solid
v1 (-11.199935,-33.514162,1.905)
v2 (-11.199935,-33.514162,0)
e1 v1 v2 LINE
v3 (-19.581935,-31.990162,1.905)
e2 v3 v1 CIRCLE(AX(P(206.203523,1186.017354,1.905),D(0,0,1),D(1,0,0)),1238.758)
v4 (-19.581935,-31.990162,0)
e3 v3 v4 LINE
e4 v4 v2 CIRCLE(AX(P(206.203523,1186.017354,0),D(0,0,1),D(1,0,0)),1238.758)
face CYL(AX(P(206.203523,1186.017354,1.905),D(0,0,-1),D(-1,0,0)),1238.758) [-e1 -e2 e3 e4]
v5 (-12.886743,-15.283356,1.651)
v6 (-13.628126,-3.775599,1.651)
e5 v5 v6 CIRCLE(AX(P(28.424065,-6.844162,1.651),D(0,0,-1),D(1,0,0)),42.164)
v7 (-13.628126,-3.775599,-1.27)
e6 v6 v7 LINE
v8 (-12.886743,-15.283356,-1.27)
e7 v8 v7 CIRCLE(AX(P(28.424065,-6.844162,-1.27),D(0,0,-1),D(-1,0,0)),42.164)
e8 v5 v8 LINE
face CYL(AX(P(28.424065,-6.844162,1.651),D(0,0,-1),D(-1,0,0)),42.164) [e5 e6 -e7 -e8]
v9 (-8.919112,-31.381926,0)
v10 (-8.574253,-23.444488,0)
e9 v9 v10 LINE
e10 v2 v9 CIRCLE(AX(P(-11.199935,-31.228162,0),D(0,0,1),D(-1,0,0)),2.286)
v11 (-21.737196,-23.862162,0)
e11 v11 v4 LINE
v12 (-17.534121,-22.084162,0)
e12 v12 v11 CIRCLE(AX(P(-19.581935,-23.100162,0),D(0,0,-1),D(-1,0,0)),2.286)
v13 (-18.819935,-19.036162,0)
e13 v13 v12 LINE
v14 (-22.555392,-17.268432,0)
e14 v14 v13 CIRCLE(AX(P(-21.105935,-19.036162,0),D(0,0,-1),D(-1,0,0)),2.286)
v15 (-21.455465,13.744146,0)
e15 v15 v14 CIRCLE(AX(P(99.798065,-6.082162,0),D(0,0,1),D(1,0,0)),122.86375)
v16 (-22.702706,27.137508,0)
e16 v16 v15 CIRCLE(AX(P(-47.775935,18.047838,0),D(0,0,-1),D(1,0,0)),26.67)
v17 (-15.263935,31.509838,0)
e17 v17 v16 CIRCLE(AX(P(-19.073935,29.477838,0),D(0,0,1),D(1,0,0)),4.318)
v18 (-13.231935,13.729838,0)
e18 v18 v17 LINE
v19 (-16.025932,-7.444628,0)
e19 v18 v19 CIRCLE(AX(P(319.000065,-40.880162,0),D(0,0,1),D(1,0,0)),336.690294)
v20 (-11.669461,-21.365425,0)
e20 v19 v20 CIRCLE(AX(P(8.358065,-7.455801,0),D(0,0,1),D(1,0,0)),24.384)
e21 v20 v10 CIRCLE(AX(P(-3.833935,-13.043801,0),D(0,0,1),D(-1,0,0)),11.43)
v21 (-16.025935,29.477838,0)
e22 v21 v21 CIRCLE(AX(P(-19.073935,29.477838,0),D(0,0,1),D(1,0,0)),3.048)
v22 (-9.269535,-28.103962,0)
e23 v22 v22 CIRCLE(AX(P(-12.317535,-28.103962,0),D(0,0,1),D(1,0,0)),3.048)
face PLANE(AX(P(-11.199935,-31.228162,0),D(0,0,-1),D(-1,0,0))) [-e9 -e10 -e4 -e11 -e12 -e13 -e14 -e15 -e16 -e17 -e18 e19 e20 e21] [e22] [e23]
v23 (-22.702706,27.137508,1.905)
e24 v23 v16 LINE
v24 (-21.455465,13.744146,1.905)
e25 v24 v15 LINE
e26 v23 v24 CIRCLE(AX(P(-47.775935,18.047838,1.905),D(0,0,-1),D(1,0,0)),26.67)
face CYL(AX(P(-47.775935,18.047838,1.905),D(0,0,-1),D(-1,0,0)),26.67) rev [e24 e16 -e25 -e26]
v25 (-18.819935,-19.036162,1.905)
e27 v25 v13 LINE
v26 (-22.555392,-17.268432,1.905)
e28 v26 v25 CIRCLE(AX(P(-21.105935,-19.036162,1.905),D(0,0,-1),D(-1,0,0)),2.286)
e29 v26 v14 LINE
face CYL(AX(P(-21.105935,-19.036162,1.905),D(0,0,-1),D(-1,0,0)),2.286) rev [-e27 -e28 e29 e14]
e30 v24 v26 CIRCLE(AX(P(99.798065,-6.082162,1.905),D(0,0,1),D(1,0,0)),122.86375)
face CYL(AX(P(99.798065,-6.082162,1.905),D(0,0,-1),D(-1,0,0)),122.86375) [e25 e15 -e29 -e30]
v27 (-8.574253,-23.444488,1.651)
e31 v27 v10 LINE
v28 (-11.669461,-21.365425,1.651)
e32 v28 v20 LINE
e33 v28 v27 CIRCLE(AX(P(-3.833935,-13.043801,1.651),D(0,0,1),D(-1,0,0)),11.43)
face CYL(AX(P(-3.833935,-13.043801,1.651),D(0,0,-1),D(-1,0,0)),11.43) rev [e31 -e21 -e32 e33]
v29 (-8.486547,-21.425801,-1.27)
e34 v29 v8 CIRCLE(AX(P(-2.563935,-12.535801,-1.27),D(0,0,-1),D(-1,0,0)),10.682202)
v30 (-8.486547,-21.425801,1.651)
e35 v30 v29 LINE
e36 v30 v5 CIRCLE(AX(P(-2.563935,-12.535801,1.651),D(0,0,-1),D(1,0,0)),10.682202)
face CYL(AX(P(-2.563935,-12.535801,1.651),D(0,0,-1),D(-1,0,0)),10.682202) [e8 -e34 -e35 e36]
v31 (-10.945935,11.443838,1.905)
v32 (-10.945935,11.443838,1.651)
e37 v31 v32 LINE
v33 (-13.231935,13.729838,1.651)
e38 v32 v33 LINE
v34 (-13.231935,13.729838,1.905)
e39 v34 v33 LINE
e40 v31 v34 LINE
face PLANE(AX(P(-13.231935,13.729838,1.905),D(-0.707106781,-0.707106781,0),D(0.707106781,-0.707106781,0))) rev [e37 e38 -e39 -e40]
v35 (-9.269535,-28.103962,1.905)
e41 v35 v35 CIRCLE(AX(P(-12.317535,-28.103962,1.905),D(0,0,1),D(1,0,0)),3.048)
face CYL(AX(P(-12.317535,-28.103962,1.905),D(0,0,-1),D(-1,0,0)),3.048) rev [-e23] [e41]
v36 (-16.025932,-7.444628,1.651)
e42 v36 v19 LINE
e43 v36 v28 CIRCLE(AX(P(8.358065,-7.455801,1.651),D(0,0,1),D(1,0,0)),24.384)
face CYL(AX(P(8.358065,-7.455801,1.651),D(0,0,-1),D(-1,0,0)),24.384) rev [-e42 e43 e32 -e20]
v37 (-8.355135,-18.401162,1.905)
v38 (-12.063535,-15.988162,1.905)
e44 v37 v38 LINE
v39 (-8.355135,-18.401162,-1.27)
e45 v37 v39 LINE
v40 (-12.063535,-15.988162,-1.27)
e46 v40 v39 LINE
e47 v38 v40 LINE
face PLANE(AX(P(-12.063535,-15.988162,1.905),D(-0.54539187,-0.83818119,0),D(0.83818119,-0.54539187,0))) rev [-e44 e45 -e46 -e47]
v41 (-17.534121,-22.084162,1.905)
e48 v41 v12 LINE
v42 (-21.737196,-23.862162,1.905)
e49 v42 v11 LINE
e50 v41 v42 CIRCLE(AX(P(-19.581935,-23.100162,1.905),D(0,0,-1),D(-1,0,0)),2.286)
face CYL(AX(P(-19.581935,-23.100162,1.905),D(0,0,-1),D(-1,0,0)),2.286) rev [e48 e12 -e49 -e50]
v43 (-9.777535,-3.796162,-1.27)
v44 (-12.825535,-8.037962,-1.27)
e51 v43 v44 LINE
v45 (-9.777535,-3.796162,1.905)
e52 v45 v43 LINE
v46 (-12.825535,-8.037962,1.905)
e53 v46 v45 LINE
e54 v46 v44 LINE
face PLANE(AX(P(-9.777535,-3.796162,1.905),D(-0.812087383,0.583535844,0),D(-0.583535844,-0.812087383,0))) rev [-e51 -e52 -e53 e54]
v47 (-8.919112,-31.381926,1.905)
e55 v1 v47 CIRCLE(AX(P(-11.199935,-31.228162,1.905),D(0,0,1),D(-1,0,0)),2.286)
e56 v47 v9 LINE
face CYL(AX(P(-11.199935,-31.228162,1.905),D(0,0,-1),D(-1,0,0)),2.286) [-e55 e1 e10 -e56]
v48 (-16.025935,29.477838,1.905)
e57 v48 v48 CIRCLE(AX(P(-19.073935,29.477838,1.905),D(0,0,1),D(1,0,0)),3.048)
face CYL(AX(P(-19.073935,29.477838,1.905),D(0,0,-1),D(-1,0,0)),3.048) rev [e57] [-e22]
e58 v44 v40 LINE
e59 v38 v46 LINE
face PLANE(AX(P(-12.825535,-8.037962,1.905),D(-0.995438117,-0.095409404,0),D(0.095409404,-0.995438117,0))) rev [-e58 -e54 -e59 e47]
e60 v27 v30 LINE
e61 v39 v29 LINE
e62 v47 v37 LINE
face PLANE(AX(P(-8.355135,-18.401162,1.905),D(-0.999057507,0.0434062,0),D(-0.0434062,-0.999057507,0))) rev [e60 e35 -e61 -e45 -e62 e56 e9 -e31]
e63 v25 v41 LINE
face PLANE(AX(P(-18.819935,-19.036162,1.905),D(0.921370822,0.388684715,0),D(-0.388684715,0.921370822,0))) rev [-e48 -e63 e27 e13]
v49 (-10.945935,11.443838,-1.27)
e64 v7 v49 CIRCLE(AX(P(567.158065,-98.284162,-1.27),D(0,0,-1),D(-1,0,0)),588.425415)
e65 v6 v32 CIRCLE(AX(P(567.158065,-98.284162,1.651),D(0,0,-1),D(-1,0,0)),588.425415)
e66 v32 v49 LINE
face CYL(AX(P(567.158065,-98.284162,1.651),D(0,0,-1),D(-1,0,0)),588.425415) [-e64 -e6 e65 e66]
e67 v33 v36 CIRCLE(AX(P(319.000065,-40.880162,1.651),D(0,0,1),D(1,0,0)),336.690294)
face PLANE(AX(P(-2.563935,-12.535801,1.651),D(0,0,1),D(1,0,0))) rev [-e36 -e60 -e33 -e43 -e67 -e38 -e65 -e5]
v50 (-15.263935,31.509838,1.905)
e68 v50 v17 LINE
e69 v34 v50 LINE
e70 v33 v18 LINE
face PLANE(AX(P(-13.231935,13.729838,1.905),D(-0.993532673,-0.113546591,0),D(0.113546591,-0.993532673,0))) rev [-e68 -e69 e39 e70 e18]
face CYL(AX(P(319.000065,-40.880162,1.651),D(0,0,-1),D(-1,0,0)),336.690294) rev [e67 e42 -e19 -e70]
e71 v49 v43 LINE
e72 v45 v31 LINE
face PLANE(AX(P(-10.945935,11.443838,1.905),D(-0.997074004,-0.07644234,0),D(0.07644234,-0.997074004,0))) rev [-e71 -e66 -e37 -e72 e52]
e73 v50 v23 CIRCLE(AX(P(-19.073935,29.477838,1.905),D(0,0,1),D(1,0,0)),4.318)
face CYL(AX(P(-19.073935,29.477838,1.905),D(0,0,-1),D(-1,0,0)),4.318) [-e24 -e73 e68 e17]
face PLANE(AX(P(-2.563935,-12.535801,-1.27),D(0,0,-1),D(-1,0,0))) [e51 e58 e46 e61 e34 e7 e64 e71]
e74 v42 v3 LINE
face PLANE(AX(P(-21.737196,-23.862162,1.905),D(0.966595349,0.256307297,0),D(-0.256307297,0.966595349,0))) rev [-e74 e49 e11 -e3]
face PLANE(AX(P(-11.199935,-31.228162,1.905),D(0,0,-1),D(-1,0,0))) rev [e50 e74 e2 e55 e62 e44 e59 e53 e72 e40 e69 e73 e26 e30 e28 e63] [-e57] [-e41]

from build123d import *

# Parameters (mm, degrees)
SKETCH1_R           = 3.048
BOSS_EXTRUDE1_DEPTH = 1.905
CUT_EXTRUDE2_DEPTH  = 1.651
BOSS_EXTRUDE3_DEPTH = 1.27


with BuildPart() as part:
    # Sketch1 → Boss-Extrude1 (new body)
    with BuildSketch(Plane.XY):
        with BuildLine():
            Line((-13.231934716, 13.729837747), (-15.263934716, 31.509837747))
            ThreePointArc((-15.263934716, 31.509837747), (-21.261976505, 33.200417113), (-22.702706225, 27.137508425))
            ThreePointArc((-22.702706225, 27.137508425), (-21.220829792, 20.52075151), (-21.455464715, 13.744146439))
            ThreePointArc((-21.455464715, 13.744146439), (-22.988481312, -1.727276666), (-22.555391654, -17.268431904))
            ThreePointArc((-22.555391654, -17.268431904), (-20.128095916, -16.969854608), (-18.819934716, -19.036162253))
            Line((-18.819934716, -19.036162253), (-17.534121248, -22.084162253))
            ThreePointArc((-17.534121248, -22.084162253), (-18.691312873, -25.205533652), (-21.737196185, -23.862162253))
            Line((-21.737196185, -23.862162253), (-19.581934716, -31.990162253))
            ThreePointArc((-19.581934716, -31.990162253), (-15.392244863, -32.759368057), (-11.199934716, -33.514162253))
            ThreePointArc((-11.199934716, -33.514162253), (-9.63879843, -32.898087249), (-8.919111875, -31.38192559))
            Line((-8.919111875, -31.38192559), (-8.355134716, -18.401162253))
            Line((-8.355134716, -18.401162253), (-12.063534716, -15.988162253))
            Line((-12.063534716, -15.988162253), (-12.825534716, -8.037962253))
            Line((-12.825534716, -8.037962253), (-9.777534716, -3.796162253))
            Line((-9.777534716, -3.796162253), (-10.945934716, 11.443837747))
            Line((-10.945934716, 11.443837747), (-13.231934716, 13.729837747))
        make_face()
        with Locations((-19.073934716, 29.477837747)):
            Circle(SKETCH1_R, mode=Mode.SUBTRACT)
        with Locations((-12.317534716, -28.103962253)):
            Circle(SKETCH1_R, mode=Mode.SUBTRACT)
    extrude(amount=BOSS_EXTRUDE1_DEPTH)

    # Sketch7 → Cut-Extrude2 (cut)
    with BuildSketch(Plane.XY):
        with BuildLine():
            Line((-10.945934716, 11.443837747), (-13.231934716, 13.729837747))
            ThreePointArc((-13.231934716, 13.729837747), (-14.796876411, 3.164765256), (-16.025932156, -7.444627811))
            ThreePointArc((-16.025932156, -7.444627811), (-14.913011554, -14.738413577), (-11.669461291, -21.365425329))
            ThreePointArc((-11.669461291, -21.365425329), (-10.207206492, -22.532020863), (-8.57425285, -23.444488198))
            Line((-8.57425285, -23.444488198), (-8.486546668, -21.42580149))
            ThreePointArc((-8.486546668, -21.42580149), (-11.247875767, -18.756621385), (-12.886743333, -15.283355784))
            ThreePointArc((-12.886743333, -15.283355784), (-13.652704618, -9.554942708), (-13.628126313, -3.775599409))
            ThreePointArc((-13.628126313, -3.775599409), (-12.336996698, 3.84292494), (-10.945934716, 11.443837747))
        make_face()
    extrude(amount=CUT_EXTRUDE2_DEPTH, mode=Mode.SUBTRACT)

    # Sketch8 → Boss-Extrude3 (add)
    with BuildSketch(Plane(origin=(0, 0, 0), x_dir=(-1, 0, 0), z_dir=(0, 0, -1))):
        with BuildLine():
            Line((8.355134716, -18.401162253), (8.486546668, -21.42580149))
            ThreePointArc((8.486546668, -21.42580149), (11.247875767, -18.756621385), (12.886743333, -15.283355784))
            ThreePointArc((12.886743333, -15.283355784), (13.652704618, -9.554942708), (13.628126313, -3.775599409))
            ThreePointArc((13.628126313, -3.775599409), (12.336996698, 3.84292494), (10.945934716, 11.443837747))
            Line((10.945934716, 11.443837747), (9.777534716, -3.796162253))
            Line((9.777534716, -3.796162253), (12.825534716, -8.037962253))
            Line((12.825534716, -8.037962253), (12.063534716, -15.988162253))
            Line((12.063534716, -15.988162253), (8.355134716, -18.401162253))
        make_face()
    extrude(amount=BOSS_EXTRUDE3_DEPTH)


solid = part.part
